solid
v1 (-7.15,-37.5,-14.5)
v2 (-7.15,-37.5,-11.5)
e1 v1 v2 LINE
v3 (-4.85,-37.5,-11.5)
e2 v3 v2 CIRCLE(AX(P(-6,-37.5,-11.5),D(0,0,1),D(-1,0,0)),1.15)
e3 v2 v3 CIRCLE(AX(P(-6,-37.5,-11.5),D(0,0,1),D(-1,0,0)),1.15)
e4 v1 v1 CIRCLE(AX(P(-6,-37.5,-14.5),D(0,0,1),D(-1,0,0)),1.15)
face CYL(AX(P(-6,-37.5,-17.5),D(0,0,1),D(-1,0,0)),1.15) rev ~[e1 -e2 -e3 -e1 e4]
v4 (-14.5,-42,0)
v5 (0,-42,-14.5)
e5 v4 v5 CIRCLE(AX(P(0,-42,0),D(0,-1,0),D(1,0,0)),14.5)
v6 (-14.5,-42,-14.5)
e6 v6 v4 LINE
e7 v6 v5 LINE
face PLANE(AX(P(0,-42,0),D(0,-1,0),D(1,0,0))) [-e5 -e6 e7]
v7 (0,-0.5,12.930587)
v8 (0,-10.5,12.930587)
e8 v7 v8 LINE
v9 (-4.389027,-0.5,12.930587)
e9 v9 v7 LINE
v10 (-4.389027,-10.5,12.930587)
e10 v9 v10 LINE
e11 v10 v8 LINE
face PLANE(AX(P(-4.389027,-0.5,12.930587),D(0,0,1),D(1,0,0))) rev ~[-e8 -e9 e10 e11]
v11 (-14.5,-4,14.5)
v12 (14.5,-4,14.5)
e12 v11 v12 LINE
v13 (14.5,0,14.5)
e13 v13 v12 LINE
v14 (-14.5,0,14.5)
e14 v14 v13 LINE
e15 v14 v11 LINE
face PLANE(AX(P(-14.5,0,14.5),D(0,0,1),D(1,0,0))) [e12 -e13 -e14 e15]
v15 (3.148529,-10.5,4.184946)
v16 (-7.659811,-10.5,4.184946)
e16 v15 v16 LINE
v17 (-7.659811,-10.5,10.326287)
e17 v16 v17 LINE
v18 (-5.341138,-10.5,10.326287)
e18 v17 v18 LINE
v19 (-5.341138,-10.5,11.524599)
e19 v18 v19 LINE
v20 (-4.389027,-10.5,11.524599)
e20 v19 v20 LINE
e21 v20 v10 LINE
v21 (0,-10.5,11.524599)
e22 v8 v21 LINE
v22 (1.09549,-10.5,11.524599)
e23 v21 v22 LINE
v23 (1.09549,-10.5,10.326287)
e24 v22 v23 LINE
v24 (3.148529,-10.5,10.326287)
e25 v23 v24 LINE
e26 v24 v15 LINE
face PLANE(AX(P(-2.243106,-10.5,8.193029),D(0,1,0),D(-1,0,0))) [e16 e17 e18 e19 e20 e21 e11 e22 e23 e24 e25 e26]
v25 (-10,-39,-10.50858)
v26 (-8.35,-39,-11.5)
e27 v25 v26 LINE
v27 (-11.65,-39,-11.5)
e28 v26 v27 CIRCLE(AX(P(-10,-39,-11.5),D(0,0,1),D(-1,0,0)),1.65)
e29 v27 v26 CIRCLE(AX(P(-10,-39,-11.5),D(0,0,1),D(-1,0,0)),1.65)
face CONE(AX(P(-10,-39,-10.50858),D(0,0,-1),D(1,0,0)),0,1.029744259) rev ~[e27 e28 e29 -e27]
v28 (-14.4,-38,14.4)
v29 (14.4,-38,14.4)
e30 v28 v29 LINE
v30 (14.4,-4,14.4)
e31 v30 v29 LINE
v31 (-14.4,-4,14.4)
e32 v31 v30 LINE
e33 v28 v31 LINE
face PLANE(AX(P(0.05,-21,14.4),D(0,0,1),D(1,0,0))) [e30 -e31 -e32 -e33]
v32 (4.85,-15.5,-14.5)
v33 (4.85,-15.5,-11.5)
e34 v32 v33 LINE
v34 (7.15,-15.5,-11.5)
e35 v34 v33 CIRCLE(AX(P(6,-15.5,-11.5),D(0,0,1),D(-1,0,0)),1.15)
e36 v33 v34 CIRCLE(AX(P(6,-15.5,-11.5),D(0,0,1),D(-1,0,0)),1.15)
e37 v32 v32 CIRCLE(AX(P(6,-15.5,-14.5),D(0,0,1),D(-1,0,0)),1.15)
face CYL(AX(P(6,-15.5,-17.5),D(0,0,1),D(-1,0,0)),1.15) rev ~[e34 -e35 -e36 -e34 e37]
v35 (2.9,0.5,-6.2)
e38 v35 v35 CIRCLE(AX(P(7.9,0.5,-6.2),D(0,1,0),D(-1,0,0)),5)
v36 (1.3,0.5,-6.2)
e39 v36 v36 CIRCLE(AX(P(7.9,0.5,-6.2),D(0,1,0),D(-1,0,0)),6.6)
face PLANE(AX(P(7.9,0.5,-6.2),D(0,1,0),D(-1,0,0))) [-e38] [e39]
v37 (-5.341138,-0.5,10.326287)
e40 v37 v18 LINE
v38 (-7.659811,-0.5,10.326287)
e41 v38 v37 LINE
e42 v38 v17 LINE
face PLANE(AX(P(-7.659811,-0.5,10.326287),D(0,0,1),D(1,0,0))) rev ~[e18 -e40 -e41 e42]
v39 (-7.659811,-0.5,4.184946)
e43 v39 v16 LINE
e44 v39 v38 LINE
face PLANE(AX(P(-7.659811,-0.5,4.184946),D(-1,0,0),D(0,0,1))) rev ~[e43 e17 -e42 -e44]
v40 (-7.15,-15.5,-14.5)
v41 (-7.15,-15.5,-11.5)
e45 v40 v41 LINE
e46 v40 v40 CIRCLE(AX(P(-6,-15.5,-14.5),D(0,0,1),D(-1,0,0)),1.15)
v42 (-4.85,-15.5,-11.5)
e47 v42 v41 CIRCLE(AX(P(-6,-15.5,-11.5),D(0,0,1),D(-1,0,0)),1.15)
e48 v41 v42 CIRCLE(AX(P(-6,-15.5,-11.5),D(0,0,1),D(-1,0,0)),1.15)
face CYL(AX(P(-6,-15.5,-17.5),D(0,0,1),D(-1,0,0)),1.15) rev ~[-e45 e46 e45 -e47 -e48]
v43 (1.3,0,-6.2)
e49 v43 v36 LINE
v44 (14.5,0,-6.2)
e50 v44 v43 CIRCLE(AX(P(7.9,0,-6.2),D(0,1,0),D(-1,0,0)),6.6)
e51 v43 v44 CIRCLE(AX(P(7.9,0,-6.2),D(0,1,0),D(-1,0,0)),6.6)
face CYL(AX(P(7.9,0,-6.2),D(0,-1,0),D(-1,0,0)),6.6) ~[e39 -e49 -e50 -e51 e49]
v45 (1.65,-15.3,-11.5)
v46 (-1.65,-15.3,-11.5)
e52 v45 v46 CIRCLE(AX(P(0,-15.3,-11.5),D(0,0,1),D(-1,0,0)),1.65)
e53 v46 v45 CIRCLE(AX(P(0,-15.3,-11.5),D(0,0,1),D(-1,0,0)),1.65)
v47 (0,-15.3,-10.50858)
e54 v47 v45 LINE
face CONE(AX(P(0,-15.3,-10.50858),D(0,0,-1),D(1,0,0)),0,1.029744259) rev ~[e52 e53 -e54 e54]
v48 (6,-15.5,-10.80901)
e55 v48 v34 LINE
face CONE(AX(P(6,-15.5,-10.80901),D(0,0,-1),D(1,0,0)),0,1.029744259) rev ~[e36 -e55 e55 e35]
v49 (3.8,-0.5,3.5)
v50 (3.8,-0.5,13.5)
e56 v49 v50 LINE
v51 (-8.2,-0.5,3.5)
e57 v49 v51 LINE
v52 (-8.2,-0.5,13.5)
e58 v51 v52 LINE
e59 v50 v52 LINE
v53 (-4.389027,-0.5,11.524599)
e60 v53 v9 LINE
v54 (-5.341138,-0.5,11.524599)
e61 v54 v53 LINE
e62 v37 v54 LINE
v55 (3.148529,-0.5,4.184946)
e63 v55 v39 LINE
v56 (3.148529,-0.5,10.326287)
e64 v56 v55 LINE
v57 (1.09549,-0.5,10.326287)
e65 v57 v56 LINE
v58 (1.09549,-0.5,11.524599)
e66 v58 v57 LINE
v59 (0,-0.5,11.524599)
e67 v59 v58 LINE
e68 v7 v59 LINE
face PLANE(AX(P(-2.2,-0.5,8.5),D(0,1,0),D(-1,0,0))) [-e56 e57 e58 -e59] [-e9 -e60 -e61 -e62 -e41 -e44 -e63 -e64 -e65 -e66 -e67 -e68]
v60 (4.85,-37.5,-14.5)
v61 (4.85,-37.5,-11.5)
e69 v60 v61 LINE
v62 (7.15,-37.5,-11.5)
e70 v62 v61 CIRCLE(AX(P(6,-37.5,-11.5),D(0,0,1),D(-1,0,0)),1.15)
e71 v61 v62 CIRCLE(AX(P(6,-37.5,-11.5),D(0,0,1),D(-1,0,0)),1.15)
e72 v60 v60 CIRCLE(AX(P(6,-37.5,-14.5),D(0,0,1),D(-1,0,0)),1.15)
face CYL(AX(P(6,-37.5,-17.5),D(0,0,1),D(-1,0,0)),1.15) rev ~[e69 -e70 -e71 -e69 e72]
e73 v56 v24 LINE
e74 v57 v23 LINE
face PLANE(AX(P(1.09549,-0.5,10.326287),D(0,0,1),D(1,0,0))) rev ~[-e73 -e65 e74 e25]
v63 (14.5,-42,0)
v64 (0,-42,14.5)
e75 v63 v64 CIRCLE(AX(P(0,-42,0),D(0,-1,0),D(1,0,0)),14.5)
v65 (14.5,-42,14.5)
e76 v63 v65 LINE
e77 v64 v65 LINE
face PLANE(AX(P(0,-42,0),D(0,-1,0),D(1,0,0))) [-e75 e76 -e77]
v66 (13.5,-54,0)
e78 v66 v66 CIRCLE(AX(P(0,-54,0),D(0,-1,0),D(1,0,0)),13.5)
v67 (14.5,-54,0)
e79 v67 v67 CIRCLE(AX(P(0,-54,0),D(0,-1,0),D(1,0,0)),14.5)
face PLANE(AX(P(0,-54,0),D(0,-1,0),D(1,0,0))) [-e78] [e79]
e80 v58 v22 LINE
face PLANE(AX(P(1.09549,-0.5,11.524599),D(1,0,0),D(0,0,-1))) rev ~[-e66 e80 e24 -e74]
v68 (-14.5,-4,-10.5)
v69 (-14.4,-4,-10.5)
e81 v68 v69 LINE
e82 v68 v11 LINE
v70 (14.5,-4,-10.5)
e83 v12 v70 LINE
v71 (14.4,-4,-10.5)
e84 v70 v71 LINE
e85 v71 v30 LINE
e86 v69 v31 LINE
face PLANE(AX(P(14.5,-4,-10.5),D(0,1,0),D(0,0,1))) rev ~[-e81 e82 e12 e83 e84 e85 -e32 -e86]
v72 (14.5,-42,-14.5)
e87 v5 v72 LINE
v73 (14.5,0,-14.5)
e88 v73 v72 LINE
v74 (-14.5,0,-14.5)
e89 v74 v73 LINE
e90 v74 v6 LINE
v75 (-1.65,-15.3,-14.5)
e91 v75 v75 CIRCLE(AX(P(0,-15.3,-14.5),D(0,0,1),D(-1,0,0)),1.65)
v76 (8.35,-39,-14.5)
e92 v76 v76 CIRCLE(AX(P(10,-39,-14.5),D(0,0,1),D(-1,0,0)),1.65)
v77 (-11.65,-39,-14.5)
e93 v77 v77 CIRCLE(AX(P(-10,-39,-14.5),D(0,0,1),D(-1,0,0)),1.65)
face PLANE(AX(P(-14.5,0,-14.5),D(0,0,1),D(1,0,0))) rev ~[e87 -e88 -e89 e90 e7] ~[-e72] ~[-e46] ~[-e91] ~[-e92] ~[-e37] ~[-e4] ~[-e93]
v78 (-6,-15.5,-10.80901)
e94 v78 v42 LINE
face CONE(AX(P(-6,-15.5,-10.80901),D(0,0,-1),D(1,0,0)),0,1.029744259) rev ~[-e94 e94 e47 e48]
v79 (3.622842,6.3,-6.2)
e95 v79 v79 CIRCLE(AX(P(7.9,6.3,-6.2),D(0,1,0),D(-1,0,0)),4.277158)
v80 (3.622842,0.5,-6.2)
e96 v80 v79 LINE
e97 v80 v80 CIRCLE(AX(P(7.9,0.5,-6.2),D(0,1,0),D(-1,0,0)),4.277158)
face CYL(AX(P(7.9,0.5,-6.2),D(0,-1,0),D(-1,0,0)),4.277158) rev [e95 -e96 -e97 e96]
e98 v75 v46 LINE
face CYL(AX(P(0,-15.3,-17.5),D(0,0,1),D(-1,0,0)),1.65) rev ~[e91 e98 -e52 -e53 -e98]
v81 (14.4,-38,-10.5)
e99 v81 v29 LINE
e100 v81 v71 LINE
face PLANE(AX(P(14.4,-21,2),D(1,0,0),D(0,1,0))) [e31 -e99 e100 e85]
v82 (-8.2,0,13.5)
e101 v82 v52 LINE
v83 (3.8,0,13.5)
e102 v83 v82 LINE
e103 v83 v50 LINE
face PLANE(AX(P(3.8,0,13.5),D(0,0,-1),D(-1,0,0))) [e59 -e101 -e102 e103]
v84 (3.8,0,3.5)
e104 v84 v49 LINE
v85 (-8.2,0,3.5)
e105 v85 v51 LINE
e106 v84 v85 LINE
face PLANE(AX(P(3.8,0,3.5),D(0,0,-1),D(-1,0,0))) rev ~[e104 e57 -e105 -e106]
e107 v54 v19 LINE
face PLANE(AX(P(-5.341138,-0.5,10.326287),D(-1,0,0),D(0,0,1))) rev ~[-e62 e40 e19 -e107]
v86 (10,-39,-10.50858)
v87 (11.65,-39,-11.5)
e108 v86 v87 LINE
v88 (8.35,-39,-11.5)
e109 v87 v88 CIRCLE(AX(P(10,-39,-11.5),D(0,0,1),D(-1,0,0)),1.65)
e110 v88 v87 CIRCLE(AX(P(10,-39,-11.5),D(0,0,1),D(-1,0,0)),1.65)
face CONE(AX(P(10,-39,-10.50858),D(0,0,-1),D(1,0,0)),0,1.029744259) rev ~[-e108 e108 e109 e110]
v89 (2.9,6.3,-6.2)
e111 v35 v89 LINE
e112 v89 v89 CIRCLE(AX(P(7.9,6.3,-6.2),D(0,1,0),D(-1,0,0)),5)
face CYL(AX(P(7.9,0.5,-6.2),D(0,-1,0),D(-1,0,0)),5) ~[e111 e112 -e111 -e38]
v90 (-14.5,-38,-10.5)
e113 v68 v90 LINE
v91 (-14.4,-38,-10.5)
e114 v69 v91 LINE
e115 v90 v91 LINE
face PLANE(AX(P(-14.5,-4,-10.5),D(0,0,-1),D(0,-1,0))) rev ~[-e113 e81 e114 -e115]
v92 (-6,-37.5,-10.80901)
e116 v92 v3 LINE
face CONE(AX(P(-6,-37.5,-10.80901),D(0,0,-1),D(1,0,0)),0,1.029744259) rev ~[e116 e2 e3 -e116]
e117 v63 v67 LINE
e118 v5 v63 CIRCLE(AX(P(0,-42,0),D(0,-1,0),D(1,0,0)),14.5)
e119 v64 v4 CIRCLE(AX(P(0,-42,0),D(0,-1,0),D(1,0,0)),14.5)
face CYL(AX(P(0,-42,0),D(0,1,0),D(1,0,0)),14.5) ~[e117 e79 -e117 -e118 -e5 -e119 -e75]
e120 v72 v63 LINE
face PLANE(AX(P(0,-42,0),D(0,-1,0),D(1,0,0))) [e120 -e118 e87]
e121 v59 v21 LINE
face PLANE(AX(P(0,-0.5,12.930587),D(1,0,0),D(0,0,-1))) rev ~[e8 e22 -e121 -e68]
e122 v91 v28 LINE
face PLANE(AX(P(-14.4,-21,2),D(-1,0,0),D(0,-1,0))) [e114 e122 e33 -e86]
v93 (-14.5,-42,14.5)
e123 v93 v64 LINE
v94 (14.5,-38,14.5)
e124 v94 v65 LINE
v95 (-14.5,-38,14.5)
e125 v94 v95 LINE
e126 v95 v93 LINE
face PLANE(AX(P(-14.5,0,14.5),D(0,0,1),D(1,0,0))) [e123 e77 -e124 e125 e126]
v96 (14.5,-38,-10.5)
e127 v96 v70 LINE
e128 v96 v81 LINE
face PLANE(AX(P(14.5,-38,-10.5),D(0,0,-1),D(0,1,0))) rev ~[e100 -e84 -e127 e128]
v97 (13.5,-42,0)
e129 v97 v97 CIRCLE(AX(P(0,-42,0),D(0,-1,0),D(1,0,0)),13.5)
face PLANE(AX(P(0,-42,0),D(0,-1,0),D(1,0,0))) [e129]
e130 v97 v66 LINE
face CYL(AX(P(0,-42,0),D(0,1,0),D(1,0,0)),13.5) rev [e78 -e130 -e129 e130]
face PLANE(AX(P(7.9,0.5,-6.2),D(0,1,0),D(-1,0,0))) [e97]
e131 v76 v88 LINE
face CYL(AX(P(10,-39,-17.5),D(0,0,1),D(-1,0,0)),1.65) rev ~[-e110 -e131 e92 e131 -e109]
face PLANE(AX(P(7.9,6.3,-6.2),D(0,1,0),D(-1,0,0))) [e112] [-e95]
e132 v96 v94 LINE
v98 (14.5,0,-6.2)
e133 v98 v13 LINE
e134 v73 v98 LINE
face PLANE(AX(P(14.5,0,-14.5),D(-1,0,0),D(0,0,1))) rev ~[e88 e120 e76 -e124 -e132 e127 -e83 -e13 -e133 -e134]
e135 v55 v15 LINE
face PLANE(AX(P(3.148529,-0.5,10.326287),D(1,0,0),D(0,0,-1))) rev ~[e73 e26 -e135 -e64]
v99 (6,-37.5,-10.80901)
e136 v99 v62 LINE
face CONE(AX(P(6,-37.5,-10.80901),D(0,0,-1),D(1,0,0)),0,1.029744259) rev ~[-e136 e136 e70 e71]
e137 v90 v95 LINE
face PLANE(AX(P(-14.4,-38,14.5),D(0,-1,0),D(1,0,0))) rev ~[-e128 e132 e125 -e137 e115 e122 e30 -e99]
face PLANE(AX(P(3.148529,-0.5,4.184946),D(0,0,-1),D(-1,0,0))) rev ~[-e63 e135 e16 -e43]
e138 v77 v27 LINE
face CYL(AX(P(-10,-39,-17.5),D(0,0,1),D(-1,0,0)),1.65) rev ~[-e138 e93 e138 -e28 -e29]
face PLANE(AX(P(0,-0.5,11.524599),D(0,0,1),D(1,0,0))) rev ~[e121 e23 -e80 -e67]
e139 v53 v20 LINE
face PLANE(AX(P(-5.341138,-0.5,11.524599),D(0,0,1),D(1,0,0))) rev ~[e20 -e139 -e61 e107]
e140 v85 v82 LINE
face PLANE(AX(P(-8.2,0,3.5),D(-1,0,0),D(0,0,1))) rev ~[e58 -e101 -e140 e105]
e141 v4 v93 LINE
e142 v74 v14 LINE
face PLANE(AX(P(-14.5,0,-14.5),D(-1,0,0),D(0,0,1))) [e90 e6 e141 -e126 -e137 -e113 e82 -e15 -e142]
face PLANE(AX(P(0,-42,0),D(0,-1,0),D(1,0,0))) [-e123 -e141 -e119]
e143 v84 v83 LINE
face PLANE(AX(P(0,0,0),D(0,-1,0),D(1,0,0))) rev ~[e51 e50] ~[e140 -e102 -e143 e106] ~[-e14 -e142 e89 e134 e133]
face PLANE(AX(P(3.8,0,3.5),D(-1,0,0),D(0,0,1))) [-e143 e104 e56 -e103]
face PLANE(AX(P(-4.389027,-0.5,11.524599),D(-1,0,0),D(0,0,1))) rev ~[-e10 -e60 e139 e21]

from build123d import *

# Parameters (mm, degrees)
F0_W      = 29
F0_H      = 29
F1_DEPTH  = 42
F2_R      = 14.5
F2_R_2    = 13.5
F3_DEPTH  = 12
F4_W      = 34
F4_H      = 25
F5_DEPTH  = 0.1
F6_W      = 34
F6_H      = 25
F7_DEPTH  = 0.1
F8_W      = 28.9
F8_H      = 34
F9_DEPTH  = 0.1
F11_D     = 3.3
F11_DEPTH = 3
F11_TIP   = 0.9914200214
F13_D     = 2.3
F13_DEPTH = 3
F13_TIP   = 0.6909897119
F14_R     = 6.6
F15_DEPTH = 0.5
F16_W     = 12
F16_H     = 10
F17_DEPTH = 0.5
F19_DEPTH = 10
F20_R     = 5
F20_R_2   = 4.2771578829
F21_DEPTH = 5.8


with BuildPart() as f1:
    # F0 (on Front) → F1 (new body)
    with BuildSketch(Plane.XZ):
        Rectangle(F0_W, F0_H)
    extrude(amount=F1_DEPTH)

    # F2 (on face) → F3 (join)
    with BuildSketch(Plane.XZ.offset(42)):
        Circle(F2_R)
        Circle(F2_R_2, mode=Mode.SUBTRACT)
    extrude(amount=F3_DEPTH)

    # F4 (on face) → F5 (cut)
    with BuildSketch(Plane.YZ.offset(14.5)):
        with Locations((-21, 2)):
            Rectangle(F4_W, F4_H)
    extrude(amount=-F5_DEPTH, mode=Mode.SUBTRACT)

    # F6 (on face) → F7 (cut)
    with BuildSketch(Plane(origin=(-14.5, 0, 0), x_dir=(0, -1, 0), z_dir=(-1, 0, 0))):
        with Locations((21, 2)):
            Rectangle(F6_W, F6_H)
    extrude(amount=-F7_DEPTH, mode=Mode.SUBTRACT)

    # F8 (on face) → F9 (cut)
    with BuildSketch(Plane.XY.offset(14.5)):
        with Locations((0.05, -21)):
            Rectangle(F8_W, F8_H)
    extrude(amount=-F9_DEPTH, mode=Mode.SUBTRACT)

    # F11
    with Locations(Plane(origin=(0, 0, -14.5), x_dir=(1, 0, 0), z_dir=(0, 0, -1))):
        with Locations((0, 15.3), (10, 39), (-10, 39)):
            Hole(F11_D / 2, depth=F11_DEPTH)
            with Locations((0, 0, -(F11_DEPTH + F11_TIP / 2))):  # 118° drill point
                Cone(0, F11_D / 2, F11_TIP, mode=Mode.SUBTRACT)

    # F13
    with Locations(Plane(origin=(0, 0, -14.5), x_dir=(1, 0, 0), z_dir=(0, 0, -1))):
        with Locations((6, 15.5), (-6, 15.5), (6, 37.5), (-6, 37.5)):
            Hole(F13_D / 2, depth=F13_DEPTH)
            with Locations((0, 0, -(F13_DEPTH + F13_TIP / 2))):  # 118° drill point
                Cone(0, F13_D / 2, F13_TIP, mode=Mode.SUBTRACT)

    # F14 (on face) → F15 (join)
    with BuildSketch(Plane(origin=(0, 0, 0), x_dir=(-1, 0, 0), z_dir=(0, 1, 0))):
        with Locations((-7.9, -6.2)):
            Circle(F14_R)
    extrude(amount=F15_DEPTH)

    # F16 (on face) → F17 (cut)
    with BuildSketch(Plane(origin=(0, 0, 0), x_dir=(-1, 0, 0), z_dir=(0, 1, 0))):
        with Locations((2.2, 8.5)):
            Rectangle(F16_W, F16_H)
    extrude(amount=-F17_DEPTH, mode=Mode.SUBTRACT)

    # F18 (on face) → F19 (cut)
    with BuildSketch(Plane(origin=(0, -0.5, 0), x_dir=(-1, 0, 0), z_dir=(0, 1, 0))):
        Polygon((-3.1485289801, 10.3262867779), (-3.1485289801, 4.1849459521), (7.6598110609, 4.1849459521), (7.6598110609, 10.3262867779), (5.341138225, 10.3262867779), (5.341138225, 11.5245990455), (4.3890266679, 11.5245990455), (4.3890266679, 12.9305869341), (0, 12.9305869341), (0, 11.5245990455), (-1.0954904137, 11.5245990455), (-1.0954904137, 10.3262867779), align=None)
    extrude(amount=-F19_DEPTH, mode=Mode.SUBTRACT)

    # F20 (on face) → F21 (join)
    with BuildSketch(Plane(origin=(0, 0.5, 0), x_dir=(-1, 0, 0), z_dir=(0, 1, 0))):
        with Locations((-7.9, -6.2)):
            Circle(F20_R)
        with Locations((-7.9, -6.2)):
            Circle(F20_R_2, mode=Mode.SUBTRACT)
    extrude(amount=F21_DEPTH)


solid = f1.part
